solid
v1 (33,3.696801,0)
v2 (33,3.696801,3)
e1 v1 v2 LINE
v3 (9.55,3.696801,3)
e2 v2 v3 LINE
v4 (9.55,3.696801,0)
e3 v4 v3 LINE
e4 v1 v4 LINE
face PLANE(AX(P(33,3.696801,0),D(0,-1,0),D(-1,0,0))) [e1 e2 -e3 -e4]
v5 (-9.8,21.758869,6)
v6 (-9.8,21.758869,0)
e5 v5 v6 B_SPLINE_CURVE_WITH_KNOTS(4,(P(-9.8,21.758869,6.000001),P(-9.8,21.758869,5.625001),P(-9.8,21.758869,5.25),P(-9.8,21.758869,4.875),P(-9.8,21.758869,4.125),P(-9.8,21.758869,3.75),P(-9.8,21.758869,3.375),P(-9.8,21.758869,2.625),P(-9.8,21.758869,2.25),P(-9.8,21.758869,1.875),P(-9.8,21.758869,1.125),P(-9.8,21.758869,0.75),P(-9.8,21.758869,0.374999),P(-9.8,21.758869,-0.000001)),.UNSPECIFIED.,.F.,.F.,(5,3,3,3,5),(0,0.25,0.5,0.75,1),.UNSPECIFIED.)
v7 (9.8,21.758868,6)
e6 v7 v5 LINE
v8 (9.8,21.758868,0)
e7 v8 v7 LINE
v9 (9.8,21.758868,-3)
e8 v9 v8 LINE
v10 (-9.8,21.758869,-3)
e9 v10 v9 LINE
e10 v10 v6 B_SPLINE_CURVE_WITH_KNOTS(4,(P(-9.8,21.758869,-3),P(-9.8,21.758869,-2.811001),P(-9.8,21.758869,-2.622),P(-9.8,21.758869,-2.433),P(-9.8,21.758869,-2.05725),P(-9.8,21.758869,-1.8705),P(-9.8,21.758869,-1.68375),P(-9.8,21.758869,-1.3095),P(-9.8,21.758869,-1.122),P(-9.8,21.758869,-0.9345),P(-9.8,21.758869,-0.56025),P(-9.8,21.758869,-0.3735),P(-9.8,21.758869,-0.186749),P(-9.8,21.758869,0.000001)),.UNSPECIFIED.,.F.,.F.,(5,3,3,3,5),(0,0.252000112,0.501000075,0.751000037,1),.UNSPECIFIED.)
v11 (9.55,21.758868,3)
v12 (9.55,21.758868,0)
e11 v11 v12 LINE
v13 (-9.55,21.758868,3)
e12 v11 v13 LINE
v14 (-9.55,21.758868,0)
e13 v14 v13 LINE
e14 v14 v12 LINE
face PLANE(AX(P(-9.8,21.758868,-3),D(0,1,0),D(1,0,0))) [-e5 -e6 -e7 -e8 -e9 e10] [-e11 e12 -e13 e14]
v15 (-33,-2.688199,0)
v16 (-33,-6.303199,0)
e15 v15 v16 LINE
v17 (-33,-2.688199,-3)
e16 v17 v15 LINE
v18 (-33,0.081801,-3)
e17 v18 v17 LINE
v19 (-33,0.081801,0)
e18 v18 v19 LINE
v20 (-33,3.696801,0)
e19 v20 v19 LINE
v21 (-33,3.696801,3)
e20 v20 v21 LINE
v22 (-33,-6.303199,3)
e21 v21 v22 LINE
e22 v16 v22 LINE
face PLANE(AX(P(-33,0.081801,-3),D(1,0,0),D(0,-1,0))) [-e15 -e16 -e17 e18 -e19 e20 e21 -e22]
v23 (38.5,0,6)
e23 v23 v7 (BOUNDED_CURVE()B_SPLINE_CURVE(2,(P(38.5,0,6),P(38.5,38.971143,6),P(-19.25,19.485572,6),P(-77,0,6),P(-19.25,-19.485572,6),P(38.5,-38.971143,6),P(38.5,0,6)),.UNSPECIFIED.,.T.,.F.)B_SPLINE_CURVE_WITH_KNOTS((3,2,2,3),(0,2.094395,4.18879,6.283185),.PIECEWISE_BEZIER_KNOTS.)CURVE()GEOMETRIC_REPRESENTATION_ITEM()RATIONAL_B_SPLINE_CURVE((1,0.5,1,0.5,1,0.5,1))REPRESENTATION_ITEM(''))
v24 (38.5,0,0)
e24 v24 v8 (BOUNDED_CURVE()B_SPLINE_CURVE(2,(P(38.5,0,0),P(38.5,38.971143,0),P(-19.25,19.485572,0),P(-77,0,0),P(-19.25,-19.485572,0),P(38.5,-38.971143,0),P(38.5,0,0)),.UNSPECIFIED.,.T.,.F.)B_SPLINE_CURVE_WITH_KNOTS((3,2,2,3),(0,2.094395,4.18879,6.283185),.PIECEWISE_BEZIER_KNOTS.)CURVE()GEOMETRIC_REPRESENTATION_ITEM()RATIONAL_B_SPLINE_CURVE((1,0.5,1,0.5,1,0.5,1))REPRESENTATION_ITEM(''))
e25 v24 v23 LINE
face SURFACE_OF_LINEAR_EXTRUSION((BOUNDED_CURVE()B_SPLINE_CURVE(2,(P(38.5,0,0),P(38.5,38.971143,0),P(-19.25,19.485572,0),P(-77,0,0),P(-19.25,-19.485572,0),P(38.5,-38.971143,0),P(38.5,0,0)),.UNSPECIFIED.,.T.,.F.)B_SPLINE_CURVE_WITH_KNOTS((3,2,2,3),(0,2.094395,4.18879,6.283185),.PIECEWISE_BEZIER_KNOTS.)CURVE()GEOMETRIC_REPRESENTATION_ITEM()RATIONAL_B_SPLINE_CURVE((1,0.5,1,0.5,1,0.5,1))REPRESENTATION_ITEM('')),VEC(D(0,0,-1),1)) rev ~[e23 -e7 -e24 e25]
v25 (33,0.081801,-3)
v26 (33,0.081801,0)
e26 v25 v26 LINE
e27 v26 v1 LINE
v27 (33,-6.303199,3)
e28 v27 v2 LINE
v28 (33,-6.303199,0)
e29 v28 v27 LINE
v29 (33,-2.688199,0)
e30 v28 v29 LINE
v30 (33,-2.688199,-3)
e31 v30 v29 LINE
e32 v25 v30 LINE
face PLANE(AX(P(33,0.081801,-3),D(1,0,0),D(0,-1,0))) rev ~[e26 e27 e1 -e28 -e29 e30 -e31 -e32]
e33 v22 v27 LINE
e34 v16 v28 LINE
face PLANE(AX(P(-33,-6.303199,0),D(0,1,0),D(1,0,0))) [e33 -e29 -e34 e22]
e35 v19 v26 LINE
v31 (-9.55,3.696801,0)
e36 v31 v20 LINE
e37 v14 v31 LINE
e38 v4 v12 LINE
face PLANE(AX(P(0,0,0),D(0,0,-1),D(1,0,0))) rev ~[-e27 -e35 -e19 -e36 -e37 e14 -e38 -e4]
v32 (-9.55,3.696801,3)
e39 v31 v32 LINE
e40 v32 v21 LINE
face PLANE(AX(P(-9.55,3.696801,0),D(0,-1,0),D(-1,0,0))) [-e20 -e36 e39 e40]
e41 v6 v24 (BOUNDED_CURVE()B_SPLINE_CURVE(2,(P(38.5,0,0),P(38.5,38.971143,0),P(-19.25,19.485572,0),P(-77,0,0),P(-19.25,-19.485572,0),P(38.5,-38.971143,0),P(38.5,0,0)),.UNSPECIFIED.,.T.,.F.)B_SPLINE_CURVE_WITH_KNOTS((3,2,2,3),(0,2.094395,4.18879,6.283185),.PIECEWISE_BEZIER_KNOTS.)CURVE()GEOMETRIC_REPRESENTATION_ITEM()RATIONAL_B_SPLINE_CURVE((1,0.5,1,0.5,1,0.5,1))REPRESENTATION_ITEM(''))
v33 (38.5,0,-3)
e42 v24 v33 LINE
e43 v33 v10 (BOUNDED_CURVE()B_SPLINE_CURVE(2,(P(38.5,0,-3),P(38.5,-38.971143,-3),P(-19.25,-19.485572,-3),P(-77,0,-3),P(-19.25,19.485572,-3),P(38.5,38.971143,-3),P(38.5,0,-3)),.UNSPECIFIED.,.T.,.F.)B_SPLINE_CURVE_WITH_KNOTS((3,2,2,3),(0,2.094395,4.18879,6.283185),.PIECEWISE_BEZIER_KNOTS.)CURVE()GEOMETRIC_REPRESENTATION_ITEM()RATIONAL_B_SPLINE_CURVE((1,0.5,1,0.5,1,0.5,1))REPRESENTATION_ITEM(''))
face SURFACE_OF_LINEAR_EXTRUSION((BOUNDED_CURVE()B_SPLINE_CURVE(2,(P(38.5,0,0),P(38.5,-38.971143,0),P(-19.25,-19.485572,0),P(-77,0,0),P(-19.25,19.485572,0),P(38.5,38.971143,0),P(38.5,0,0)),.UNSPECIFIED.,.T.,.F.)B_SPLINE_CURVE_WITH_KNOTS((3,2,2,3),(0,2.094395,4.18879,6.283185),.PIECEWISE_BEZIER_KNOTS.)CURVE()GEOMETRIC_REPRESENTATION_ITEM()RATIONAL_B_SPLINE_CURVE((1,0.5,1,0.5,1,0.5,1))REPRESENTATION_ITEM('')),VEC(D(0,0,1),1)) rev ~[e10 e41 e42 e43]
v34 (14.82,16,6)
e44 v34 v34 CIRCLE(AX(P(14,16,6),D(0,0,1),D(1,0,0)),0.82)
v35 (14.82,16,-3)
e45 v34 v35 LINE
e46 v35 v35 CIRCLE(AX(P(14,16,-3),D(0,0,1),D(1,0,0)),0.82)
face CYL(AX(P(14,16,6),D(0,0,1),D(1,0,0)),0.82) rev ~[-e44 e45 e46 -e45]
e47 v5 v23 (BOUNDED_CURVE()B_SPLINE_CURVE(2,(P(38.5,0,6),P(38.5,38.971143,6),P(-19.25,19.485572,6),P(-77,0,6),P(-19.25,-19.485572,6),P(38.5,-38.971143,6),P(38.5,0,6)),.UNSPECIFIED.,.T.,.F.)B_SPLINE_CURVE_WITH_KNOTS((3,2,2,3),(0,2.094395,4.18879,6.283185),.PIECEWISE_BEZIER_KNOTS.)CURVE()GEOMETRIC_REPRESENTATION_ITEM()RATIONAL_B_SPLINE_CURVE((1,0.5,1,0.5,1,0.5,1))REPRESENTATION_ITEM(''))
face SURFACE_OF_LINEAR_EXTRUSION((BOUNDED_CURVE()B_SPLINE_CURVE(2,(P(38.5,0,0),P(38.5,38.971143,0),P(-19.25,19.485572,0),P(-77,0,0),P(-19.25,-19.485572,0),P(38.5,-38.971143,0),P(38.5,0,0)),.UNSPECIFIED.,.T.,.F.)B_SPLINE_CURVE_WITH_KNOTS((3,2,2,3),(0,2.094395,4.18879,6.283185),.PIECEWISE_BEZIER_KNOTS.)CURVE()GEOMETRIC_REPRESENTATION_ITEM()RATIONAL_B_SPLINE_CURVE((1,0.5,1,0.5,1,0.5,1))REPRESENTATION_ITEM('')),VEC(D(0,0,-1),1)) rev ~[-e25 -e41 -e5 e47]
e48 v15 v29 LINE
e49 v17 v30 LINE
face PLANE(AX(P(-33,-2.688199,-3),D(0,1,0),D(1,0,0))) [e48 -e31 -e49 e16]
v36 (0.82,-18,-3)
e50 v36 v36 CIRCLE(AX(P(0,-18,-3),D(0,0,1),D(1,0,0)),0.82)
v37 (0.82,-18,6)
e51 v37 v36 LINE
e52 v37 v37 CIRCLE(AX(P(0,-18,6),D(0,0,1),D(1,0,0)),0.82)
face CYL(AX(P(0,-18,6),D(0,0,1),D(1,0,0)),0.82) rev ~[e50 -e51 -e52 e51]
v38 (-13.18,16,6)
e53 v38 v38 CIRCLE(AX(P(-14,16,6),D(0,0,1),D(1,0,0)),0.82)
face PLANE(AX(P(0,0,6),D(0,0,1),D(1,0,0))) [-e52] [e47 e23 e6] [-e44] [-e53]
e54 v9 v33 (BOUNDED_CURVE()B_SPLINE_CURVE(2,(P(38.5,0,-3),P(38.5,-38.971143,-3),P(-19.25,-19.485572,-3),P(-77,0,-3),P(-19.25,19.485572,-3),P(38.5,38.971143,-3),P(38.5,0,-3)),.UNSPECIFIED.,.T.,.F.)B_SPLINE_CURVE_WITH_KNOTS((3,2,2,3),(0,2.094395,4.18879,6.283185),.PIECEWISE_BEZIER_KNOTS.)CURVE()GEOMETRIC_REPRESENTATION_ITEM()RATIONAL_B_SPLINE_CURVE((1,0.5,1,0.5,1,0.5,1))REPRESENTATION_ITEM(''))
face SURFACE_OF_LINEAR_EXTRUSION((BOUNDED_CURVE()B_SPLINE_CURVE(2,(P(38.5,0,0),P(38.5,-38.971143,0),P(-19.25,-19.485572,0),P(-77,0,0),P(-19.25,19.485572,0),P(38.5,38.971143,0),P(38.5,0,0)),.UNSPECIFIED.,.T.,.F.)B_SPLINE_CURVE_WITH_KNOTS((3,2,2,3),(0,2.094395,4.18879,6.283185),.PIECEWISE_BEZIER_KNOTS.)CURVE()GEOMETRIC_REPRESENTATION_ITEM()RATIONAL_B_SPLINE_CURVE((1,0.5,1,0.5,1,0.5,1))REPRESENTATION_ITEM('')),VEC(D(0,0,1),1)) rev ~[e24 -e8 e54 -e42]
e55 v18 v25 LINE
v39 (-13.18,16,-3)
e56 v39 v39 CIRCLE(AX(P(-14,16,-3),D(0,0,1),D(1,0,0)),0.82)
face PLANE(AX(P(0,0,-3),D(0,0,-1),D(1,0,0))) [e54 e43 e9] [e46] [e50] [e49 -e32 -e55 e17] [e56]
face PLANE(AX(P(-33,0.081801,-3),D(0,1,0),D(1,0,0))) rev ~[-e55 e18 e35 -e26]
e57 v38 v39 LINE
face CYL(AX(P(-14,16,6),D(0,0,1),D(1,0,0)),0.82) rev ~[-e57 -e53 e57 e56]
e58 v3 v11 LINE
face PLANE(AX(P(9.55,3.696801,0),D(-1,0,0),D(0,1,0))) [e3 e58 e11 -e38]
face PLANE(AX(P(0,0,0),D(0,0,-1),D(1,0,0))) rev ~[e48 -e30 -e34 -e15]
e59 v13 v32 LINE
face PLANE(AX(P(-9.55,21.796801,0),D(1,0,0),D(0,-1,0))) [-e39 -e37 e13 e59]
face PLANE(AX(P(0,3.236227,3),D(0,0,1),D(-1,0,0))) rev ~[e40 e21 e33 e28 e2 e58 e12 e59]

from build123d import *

# Parameters (mm, degrees)
PAD_DEPTH       = 6
POCKET_DEPTH    = 3
PAD001_DEPTH    = 3
SKETCH003_W     = 66
SKETCH003_H     = 2.77
POCKET001_DEPTH = 3
SKETCH004_W     = 19.6
SKETCH004_H     = 1
POCKET002_DEPTH = 9.001
SKETCH005_R     = 0.82
POCKET003_DEPTH = 9.001


with BuildPart() as part:
    # Sketch → Pad (new body)
    with BuildSketch(Plane.XY):
        with BuildLine():
            add(Edge.make_bspline(
                [(38.5, 0), (38.5, 38.971143), (-19.25, 19.485572), (-77, 0), (-19.25, -19.485572), (38.5, -38.971143), (38.5, 0)],
                knots=[0, 0, 0, 2.094395, 2.094395, 4.18879, 4.18879, 6.283185, 6.283185, 6.283185], degree=2, weights=[1, 0.5, 1, 0.5, 1, 0.5, 1]))
        make_face()
    extrude(amount=PAD_DEPTH)

    # Sketch001 (on Face2 of Pad) → Pocket (cut)
    with BuildSketch(Plane(origin=(0, 0, 0), x_dir=(1, 0, 0), z_dir=(0, 0, -1))):
        Polygon((9.55, -3.696801), (9.55, -21.796801), (-9.55, -21.796801), (-9.55, -3.696801), (-33, -3.696801), (-33, 6.303199), (33, 6.303199), (33, -3.696801), align=None)
    extrude(amount=-POCKET_DEPTH, mode=Mode.SUBTRACT)

    # Sketch002 (on Face2 of Pocket) → Pad001 (join)
    with BuildSketch(Plane(origin=(0, 0, 0), x_dir=(1, 0, 0), z_dir=(0, 0, -1))):
        with BuildLine():
            add(Edge.make_bspline(
                [(38.5, 0), (38.5, 38.971143), (-19.25, 19.485572), (-77, 0), (-19.25, -19.485572), (38.5, -38.971143), (38.5, 0)],
                knots=[0, 0, 0, 2.094395, 2.094395, 4.18879, 4.18879, 6.283185, 6.283185, 6.283185], degree=2, weights=[1, 0.5, 1, 0.5, 1, 0.5, 1]))
        make_face()
    extrude(amount=PAD001_DEPTH)

    # Sketch003 (on Face4 of Pad001) → Pocket001 (cut)
    with BuildSketch(Plane(origin=(0, 0, -3), x_dir=(1, 0, 0), z_dir=(0, 0, -1))):
        with Locations((0, 1.303199)):
            Rectangle(SKETCH003_W, SKETCH003_H)
    extrude(amount=-POCKET001_DEPTH, mode=Mode.SUBTRACT)

    # Sketch004 (on Face4 of Pocket001) → Pocket002 (cut, through all)
    with BuildSketch(Plane(origin=(0, 0, -3), x_dir=(1, 0, 0), z_dir=(0, 0, -1))):
        with Locations((0, -22.258868)):
            Rectangle(SKETCH004_W, SKETCH004_H)
    extrude(amount=-POCKET002_DEPTH, mode=Mode.SUBTRACT)

    # Sketch005 (on Face4 of Pocket002) → Pocket003 (cut, through all)
    with BuildSketch(Plane.XY.offset(6)):
        with Locations((-14, 16)):
            Circle(SKETCH005_R)
        with Locations((14, 16)):
            Circle(SKETCH005_R)
        with Locations((0, -18)):
            Circle(SKETCH005_R)
    extrude(amount=-POCKET003_DEPTH, mode=Mode.SUBTRACT)


solid = part.part
